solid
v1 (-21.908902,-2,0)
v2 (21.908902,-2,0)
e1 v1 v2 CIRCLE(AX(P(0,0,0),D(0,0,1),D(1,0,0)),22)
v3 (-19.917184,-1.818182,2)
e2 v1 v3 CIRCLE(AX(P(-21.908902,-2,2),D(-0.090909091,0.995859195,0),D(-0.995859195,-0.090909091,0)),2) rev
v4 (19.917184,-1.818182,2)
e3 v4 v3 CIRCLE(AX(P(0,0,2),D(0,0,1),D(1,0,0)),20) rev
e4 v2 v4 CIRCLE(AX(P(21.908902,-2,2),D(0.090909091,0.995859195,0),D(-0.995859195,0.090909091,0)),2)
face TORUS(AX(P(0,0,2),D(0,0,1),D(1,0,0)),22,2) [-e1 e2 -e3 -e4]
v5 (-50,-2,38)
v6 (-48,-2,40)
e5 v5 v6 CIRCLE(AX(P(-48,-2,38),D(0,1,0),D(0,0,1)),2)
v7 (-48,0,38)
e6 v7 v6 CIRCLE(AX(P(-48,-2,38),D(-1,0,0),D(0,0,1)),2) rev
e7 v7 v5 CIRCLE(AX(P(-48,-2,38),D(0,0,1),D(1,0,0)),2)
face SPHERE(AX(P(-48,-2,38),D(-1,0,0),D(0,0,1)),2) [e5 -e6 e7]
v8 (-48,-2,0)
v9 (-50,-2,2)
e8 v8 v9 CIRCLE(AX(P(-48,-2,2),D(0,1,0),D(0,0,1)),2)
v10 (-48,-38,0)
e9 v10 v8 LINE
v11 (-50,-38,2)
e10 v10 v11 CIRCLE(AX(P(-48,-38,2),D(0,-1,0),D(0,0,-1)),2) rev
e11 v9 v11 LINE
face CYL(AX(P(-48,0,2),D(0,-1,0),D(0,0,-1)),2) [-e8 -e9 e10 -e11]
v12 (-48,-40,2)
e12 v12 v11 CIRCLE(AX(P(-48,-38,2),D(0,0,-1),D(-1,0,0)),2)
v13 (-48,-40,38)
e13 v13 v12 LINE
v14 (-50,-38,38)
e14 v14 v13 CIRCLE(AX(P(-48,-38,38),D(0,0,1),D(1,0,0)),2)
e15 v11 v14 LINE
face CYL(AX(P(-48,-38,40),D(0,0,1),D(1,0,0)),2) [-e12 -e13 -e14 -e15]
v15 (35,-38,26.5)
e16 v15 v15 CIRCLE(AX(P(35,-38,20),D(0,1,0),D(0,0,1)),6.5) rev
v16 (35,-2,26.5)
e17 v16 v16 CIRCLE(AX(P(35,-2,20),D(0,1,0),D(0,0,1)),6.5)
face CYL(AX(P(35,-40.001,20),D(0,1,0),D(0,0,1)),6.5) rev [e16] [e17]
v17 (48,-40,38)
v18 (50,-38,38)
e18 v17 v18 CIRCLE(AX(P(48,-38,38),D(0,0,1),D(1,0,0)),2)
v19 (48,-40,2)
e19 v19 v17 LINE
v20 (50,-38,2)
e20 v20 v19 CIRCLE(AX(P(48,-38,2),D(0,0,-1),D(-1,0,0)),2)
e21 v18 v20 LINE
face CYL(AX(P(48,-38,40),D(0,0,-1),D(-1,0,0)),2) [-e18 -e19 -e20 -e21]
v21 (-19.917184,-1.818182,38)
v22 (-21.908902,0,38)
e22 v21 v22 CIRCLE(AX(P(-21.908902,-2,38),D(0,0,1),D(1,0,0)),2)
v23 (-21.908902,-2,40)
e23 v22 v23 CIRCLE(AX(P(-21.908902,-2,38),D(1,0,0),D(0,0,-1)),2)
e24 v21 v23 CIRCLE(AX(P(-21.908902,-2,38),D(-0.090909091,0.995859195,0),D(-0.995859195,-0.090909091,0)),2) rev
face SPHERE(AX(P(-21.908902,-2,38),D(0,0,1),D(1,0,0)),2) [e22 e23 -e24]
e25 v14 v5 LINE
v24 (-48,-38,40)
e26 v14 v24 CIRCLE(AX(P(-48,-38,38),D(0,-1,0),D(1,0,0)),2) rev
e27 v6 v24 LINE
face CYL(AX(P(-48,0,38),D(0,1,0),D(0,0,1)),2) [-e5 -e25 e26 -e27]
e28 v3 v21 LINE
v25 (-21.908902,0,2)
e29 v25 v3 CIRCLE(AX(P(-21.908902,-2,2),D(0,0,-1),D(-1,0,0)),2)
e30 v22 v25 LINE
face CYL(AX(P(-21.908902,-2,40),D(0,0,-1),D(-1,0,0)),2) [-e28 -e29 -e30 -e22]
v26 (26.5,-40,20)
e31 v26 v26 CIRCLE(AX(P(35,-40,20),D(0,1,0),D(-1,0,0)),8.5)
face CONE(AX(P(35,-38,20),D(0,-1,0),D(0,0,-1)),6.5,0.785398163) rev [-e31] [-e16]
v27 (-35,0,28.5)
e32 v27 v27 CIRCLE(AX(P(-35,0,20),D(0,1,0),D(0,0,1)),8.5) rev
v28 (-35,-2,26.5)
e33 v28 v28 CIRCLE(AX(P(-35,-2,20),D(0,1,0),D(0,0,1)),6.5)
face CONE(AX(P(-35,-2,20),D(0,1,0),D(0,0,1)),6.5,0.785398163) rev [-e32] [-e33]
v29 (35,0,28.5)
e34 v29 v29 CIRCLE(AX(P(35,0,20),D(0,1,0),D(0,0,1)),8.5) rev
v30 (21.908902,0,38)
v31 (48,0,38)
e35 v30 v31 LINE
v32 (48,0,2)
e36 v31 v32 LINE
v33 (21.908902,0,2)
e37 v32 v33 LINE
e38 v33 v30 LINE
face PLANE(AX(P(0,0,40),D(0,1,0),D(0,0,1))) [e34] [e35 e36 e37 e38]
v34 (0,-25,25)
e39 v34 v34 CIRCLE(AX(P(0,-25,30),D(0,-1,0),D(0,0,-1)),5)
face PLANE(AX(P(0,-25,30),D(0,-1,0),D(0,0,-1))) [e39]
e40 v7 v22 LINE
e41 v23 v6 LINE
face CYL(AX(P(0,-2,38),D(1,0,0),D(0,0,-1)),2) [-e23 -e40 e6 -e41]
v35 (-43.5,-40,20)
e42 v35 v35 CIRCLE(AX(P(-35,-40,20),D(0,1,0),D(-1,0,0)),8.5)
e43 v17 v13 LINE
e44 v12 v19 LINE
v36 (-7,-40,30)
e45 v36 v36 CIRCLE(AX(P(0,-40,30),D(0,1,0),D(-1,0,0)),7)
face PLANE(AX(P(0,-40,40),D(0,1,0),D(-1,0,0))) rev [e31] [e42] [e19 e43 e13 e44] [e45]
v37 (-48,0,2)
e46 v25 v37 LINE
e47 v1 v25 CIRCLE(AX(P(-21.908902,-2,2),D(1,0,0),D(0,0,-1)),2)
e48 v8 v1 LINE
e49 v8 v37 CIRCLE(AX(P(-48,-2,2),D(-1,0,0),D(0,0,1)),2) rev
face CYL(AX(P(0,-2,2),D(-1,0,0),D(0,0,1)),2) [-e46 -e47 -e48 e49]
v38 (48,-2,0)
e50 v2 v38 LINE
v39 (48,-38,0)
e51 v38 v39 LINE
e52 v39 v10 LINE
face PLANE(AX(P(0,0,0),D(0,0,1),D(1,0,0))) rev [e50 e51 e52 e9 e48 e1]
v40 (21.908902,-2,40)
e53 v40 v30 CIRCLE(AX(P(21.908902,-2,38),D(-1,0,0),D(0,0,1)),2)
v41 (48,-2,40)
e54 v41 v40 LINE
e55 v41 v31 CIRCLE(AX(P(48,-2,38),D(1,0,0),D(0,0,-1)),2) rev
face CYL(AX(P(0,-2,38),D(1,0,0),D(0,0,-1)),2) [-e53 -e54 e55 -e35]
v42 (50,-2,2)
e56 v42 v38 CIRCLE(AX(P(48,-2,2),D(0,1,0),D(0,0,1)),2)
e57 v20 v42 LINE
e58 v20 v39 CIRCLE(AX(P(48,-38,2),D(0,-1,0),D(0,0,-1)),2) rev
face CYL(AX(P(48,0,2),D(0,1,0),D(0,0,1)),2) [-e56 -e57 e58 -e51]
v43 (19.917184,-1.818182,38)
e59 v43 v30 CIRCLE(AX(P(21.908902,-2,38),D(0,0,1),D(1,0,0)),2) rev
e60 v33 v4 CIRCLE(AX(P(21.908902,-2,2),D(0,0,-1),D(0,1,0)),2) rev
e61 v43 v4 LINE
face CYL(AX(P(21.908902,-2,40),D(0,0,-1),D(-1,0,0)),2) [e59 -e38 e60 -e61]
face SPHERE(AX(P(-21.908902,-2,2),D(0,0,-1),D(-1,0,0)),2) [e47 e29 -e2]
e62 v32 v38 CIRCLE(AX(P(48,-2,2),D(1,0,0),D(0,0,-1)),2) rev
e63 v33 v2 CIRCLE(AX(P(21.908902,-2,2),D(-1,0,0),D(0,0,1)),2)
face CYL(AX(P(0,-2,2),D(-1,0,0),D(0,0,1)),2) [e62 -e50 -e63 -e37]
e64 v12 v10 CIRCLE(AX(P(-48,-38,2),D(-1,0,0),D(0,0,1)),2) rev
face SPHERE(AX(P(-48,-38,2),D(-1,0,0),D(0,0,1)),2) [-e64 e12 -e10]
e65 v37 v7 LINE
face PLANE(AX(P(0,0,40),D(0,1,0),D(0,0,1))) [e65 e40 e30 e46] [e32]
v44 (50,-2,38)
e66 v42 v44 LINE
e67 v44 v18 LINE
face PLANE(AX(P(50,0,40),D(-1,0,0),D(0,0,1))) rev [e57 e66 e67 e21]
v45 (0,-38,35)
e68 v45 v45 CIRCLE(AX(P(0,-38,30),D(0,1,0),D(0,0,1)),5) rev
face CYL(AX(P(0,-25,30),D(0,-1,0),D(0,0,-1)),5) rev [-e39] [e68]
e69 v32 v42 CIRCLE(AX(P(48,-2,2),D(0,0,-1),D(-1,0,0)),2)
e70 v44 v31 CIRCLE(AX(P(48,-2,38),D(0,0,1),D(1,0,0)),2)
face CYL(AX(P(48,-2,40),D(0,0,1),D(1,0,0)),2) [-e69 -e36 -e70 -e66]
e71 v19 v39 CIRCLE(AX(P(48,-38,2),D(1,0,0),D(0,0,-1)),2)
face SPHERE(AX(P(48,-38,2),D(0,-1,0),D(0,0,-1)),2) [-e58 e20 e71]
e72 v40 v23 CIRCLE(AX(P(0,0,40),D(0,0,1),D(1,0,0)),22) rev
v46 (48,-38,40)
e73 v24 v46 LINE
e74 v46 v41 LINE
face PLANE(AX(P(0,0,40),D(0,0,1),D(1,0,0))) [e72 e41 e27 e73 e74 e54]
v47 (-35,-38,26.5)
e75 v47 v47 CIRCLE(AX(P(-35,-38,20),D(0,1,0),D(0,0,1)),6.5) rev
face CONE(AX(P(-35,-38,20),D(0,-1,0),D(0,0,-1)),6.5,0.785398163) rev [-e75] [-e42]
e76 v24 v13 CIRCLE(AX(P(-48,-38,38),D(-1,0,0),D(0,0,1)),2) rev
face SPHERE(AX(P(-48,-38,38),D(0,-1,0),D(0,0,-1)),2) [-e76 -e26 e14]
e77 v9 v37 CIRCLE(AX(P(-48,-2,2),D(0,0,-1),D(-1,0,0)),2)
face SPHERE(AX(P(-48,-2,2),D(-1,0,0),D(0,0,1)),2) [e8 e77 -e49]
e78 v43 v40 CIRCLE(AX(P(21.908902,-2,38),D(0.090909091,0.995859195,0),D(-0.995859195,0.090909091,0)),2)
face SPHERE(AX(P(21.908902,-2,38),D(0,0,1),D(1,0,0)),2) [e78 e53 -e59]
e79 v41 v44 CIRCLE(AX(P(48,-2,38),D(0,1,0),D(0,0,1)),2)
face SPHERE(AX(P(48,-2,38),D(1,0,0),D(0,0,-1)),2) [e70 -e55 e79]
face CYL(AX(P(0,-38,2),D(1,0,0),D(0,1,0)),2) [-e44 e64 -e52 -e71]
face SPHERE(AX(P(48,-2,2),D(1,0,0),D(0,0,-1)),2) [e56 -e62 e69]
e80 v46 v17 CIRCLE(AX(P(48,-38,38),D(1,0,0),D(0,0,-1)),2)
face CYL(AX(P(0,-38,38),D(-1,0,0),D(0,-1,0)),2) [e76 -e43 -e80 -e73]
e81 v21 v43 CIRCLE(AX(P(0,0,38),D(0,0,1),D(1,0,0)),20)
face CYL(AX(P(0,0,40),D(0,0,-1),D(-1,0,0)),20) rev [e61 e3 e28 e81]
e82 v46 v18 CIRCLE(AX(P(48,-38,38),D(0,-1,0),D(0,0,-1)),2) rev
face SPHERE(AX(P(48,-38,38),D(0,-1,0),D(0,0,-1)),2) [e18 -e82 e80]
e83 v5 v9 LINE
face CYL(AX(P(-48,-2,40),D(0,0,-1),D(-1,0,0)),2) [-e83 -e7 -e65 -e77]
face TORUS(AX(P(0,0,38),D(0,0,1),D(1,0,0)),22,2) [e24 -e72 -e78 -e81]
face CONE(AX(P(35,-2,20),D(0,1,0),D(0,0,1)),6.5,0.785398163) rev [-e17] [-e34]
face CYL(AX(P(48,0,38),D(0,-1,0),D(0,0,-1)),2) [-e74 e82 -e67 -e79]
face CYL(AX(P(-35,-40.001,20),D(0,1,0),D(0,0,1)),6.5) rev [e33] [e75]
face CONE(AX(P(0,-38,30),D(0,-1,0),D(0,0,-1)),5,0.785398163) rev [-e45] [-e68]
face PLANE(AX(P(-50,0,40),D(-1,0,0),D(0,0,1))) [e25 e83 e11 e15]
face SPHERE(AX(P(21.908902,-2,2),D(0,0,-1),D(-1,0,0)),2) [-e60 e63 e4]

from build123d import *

# Parameters (mm, degrees)
DODANIE_WYCI_GNI_CIE1_DEPTH = 40
WYTNIJ_WYCI_GNI_CIE3_REACH  = 77.498
SZKIC2_R                    = 6.5
SZKIC3_R                    = 5
WYTNIJ_WYCI_GNI_CIE6_DEPTH  = 15
SFAZOWANIE1_SIZE            = 2
ZAOKR_GLENIE1_R             = 2


with BuildPart() as part:
    # Szkic1 → Dodanie-wyciągnięcie1 (new body)
    with BuildSketch(Plane.XY):
        with BuildLine():
            Line((50, 0), (20, 0))
            ThreePointArc((20, 0), (0, -20), (-20, 0))
            Line((-20, 0), (-50, 0))
            Line((-50, 0), (-50, -40))
            Line((-50, -40), (50, -40))
            Line((50, -40), (50, 0))
        make_face()
    extrude(amount=DODANIE_WYCI_GNI_CIE1_DEPTH)

    # Szkic2 → Wytnij-wyciągnięcie3 (cut, up to next)
    with BuildSketch(Plane(origin=(0, 0, 0), x_dir=(1, 0, 0), z_dir=(0, 1, 0)), mode=Mode.PRIVATE) as wytnij_wyci_gni_cie3_sk1:
        with Locations(Location((-35, -20, 0), (0, 0, 270))):
            Circle(SZKIC2_R)
    wytnij_wyci_gni_cie3_tool1 = extrude(wytnij_wyci_gni_cie3_sk1.sketch, amount=-WYTNIJ_WYCI_GNI_CIE3_REACH, mode=Mode.PRIVATE) & part.part
    # Szkic2 → Wytnij-wyciągnięcie3 (cut, up to next)
    with BuildSketch(Plane(origin=(0, 0, 0), x_dir=(1, 0, 0), z_dir=(0, 1, 0)), mode=Mode.PRIVATE) as wytnij_wyci_gni_cie3_sk2:
        with Locations(Location((35, -20, 0), (0, 0, 270))):
            Circle(SZKIC2_R)
    wytnij_wyci_gni_cie3_tool2 = extrude(wytnij_wyci_gni_cie3_sk2.sketch, amount=-WYTNIJ_WYCI_GNI_CIE3_REACH, mode=Mode.PRIVATE) & part.part
    add(wytnij_wyci_gni_cie3_tool1.solids().sort_by_distance((-35, 0, 20))[0], mode=Mode.SUBTRACT)
    add(wytnij_wyci_gni_cie3_tool2.solids().sort_by_distance((35, 0, 20))[0], mode=Mode.SUBTRACT)

    # Szkic3 → Wytnij-wyciągnięcie6 (cut)
    with BuildSketch(Plane(origin=(0, -40, 0), x_dir=(-1, 0, 0), z_dir=(0, -1, 0))):
        with Locations(Location((0, -30, 0), (0, 0, 90))):
            Circle(SZKIC3_R)
    extrude(amount=-WYTNIJ_WYCI_GNI_CIE6_DEPTH, mode=Mode.SUBTRACT)

    # Sfazowanie1
    sfazowanie1_edges = [part.edges().sort_by_distance(p)[0] for p in [
        (-35, 0, 13.5),
        (-35, -40, 13.5),
        (35, 0, 13.5),
        (35, -40, 13.5),
        (0, -40, 35),
    ]]
    chamfer(sfazowanie1_edges, length=SFAZOWANIE1_SIZE)

    # Zaokrąglenie1
    zaokr_glenie1_edges = [part.edges().sort_by_distance(p)[0] for p in [
        (0, -20, 0),
        (-35, 0, 40),
        (20, 0, 20),
        (50, 0, 20),
        (50, -40, 20),
        (-50, -40, 20),
        (-50, 0, 20),
        (-20, 0, 20),
        (-50, -20, 40),
        (0, -40, 40),
        (50, -20, 40),
        (35, 0, 40),
        (0, -20, 40),
        (35, 0, 0),
        (50, -20, 0),
        (0, -40, 0),
        (-50, -20, 0),
        (-35, 0, 0),
    ]]
    fillet(zaokr_glenie1_edges, radius=ZAOKR_GLENIE1_R)


solid = part.part
